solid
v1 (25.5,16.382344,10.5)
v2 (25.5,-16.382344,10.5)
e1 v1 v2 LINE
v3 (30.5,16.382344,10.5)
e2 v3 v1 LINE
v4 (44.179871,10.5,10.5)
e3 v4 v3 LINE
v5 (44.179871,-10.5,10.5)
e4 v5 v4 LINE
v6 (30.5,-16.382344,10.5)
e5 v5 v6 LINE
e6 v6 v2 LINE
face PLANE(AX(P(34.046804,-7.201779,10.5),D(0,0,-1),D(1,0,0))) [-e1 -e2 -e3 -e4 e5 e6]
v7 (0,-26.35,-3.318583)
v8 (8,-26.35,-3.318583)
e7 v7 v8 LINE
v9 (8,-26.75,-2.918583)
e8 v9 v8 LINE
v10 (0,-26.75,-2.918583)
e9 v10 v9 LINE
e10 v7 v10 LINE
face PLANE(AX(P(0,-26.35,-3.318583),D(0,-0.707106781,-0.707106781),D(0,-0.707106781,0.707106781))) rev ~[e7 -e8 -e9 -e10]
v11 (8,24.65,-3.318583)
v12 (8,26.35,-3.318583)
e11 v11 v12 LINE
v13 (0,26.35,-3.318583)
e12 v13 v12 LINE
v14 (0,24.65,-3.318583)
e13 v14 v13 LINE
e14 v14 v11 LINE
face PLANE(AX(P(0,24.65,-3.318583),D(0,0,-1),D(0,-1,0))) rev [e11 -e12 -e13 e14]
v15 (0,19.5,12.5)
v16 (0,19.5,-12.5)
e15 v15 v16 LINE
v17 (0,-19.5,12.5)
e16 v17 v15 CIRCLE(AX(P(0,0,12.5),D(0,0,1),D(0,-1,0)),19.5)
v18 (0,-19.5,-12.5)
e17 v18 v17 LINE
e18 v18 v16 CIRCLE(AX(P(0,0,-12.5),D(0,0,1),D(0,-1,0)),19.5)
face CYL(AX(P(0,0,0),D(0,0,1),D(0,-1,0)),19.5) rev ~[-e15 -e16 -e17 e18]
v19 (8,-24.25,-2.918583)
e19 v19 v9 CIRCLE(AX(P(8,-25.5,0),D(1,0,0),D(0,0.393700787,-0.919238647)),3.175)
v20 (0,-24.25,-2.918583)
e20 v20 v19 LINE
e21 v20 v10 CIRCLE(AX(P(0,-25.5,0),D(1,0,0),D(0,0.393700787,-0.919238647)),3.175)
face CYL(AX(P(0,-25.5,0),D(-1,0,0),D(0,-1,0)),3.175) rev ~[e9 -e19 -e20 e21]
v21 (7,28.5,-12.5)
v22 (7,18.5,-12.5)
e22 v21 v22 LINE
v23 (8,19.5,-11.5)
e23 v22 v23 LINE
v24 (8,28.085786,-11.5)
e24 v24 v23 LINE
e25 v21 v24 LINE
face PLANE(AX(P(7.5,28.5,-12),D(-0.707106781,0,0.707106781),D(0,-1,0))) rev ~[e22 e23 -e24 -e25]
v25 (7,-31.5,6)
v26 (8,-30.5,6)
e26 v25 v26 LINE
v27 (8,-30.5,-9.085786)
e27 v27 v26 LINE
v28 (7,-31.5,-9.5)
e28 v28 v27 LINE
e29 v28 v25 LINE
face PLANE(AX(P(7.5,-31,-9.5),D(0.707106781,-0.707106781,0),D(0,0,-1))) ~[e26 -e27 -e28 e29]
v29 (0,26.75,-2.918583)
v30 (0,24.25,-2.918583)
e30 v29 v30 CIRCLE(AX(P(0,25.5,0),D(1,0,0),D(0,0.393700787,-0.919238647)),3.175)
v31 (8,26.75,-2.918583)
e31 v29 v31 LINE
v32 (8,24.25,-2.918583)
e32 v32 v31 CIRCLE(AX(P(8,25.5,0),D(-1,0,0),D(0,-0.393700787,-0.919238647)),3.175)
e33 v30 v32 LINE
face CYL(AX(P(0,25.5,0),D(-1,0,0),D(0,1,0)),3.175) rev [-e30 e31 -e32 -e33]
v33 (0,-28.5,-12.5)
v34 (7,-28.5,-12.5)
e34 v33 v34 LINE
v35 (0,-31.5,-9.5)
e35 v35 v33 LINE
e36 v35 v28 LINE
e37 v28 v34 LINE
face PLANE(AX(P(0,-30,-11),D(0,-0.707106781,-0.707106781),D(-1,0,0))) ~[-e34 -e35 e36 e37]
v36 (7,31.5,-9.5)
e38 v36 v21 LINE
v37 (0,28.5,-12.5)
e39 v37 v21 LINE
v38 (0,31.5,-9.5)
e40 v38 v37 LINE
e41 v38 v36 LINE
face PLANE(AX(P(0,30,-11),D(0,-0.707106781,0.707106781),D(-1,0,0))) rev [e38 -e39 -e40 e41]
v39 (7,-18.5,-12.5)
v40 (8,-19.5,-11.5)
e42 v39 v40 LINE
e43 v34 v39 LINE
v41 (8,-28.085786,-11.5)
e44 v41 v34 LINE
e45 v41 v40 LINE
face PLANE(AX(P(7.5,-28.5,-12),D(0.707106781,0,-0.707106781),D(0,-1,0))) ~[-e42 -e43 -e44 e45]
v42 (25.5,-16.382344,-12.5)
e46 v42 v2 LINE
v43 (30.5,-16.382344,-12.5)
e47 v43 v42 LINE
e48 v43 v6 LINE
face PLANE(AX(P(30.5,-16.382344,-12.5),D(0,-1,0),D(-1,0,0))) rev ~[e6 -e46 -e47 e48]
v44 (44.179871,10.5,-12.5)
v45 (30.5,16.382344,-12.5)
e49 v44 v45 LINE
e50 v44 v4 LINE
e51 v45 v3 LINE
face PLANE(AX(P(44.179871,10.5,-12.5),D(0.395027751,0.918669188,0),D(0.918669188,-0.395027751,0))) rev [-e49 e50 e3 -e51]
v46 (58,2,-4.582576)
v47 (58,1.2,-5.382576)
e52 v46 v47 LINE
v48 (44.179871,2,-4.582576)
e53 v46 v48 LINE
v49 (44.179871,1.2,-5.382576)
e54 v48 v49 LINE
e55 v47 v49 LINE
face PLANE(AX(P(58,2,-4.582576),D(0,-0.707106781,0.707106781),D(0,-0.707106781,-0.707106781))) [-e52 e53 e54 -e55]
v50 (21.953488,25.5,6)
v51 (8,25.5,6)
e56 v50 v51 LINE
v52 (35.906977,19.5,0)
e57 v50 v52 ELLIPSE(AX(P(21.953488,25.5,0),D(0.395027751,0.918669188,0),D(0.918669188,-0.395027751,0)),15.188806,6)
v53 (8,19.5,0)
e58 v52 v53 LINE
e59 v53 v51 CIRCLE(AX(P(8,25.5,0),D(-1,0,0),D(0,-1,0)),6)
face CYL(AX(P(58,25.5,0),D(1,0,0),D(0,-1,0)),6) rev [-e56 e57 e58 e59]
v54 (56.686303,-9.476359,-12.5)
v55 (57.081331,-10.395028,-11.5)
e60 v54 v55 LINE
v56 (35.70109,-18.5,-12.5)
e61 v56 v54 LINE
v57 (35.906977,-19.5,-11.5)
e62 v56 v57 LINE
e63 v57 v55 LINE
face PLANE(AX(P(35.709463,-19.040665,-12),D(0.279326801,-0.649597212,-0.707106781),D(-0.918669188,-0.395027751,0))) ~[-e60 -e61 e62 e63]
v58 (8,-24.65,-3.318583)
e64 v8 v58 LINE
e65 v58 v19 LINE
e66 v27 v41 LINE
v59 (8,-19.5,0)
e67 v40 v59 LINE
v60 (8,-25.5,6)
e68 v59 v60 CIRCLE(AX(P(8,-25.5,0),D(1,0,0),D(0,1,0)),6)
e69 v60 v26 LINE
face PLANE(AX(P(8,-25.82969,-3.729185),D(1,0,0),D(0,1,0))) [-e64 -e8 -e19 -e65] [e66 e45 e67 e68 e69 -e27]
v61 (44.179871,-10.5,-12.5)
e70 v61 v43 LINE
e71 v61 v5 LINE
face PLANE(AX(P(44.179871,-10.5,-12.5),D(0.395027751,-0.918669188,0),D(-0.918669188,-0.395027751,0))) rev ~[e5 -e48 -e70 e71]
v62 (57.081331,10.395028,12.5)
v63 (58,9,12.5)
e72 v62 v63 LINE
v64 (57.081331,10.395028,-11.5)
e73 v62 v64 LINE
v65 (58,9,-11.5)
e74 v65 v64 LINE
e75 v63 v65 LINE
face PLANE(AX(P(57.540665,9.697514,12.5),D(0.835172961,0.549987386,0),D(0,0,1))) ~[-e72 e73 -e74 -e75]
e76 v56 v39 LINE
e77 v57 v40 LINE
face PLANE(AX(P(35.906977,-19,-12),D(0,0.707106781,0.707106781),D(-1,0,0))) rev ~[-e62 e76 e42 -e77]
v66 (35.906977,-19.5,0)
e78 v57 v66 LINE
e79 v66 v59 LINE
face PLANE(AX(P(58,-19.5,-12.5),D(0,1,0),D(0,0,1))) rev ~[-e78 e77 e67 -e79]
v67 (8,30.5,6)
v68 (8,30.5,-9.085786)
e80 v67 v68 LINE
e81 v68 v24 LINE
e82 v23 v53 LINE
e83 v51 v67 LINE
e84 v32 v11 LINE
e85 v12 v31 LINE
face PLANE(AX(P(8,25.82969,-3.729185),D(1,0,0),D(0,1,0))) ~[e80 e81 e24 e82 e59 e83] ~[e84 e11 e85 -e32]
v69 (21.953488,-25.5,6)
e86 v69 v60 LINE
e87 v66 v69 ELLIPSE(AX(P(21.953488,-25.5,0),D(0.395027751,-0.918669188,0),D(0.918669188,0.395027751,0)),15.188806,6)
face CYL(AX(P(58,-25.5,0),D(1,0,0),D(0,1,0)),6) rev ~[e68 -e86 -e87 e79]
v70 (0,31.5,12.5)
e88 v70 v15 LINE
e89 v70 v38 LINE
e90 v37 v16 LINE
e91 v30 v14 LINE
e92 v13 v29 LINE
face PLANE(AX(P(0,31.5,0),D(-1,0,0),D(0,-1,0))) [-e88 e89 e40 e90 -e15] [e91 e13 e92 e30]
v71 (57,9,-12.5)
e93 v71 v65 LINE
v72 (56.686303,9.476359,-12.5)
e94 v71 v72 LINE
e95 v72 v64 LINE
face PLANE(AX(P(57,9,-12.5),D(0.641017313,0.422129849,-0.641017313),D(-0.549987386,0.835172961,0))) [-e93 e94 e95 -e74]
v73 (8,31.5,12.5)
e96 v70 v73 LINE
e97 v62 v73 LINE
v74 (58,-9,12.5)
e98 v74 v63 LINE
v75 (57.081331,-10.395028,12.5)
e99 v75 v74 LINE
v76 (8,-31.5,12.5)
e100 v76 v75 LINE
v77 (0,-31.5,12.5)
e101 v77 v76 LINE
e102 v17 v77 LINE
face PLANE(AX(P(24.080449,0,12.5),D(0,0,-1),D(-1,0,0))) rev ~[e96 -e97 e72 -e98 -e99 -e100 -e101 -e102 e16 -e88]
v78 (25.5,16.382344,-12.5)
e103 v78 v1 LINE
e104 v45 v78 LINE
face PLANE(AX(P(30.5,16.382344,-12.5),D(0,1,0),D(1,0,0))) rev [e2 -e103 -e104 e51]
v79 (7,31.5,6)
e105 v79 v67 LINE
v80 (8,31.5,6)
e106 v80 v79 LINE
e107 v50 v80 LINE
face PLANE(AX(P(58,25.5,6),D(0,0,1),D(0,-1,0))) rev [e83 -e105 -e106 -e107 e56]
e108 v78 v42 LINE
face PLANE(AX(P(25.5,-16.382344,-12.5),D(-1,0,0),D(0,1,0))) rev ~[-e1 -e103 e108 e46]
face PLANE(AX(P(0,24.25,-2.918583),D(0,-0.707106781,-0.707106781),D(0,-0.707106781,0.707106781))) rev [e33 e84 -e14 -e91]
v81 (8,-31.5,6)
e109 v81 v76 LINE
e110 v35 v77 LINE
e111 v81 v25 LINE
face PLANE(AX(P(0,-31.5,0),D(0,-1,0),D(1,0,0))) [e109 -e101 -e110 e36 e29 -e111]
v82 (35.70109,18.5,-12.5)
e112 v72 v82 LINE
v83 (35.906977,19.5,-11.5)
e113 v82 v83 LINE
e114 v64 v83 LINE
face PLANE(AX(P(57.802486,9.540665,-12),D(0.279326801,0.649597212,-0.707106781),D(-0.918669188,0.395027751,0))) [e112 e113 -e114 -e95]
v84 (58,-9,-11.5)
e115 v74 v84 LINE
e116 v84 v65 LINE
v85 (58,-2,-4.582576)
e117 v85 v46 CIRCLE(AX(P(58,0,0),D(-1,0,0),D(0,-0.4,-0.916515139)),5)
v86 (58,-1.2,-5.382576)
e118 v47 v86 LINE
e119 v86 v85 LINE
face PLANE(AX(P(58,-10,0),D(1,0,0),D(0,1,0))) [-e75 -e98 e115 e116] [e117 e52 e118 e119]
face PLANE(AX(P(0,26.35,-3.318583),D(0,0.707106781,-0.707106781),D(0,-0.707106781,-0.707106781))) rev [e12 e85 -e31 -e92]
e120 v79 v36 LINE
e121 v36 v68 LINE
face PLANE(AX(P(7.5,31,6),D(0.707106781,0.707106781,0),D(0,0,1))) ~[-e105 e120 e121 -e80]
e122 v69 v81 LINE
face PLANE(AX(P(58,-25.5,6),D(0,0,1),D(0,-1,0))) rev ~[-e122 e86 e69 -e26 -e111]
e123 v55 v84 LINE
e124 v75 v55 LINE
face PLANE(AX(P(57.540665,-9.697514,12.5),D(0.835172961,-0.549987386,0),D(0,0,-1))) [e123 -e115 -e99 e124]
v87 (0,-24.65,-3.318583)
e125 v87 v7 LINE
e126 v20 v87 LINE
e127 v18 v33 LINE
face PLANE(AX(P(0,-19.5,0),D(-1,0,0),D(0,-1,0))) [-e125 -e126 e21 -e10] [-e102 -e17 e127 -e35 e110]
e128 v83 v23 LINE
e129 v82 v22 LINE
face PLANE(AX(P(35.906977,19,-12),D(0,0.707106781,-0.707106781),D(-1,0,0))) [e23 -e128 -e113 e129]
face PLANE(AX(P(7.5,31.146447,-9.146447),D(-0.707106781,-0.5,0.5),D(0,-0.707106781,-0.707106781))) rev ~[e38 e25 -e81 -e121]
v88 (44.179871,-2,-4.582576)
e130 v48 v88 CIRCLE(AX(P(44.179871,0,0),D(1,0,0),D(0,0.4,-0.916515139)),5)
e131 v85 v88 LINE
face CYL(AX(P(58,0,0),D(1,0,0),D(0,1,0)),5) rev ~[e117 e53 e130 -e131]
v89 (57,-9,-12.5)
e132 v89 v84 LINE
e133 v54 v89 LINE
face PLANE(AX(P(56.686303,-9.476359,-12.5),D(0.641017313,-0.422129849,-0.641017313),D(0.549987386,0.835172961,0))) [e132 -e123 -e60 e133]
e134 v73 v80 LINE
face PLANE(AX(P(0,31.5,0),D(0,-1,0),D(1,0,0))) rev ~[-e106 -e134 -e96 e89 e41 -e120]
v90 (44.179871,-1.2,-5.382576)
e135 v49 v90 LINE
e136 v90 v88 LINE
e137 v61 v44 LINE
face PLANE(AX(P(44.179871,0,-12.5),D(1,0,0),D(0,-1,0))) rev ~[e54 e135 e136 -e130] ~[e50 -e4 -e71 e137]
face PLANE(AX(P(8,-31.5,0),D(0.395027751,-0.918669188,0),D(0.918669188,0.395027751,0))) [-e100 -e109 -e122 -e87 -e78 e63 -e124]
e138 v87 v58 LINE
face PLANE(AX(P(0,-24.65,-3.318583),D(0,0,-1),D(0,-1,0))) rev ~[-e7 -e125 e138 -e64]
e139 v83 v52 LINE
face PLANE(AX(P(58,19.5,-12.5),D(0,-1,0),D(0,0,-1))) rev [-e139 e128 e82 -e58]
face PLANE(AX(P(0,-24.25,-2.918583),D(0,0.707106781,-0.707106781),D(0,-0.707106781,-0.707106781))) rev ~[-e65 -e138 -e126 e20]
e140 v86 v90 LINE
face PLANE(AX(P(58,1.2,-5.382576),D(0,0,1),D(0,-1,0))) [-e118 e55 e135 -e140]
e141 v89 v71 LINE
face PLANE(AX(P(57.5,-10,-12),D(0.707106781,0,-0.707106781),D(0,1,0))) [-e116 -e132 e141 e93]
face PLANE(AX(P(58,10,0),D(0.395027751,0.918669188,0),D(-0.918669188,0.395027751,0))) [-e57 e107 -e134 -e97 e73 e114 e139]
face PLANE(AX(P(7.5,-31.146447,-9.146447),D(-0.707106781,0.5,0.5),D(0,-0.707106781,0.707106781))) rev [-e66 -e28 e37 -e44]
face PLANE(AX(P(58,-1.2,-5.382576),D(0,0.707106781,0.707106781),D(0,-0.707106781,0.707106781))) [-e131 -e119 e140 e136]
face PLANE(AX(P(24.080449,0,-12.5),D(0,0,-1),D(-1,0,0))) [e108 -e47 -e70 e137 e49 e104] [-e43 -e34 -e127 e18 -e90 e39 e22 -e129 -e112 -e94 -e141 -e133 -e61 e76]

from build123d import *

# Parameters (mm, degrees)
PAD002_DEPTH    = 12.5
POCKET_DEPTH    = 23
SKETCH006_R     = 5
POCKET001_DEPTH = 13.8201293065
SKETCH007_R     = 3.175
POCKET002_DEPTH = 236.4162459853
POCKET003_DEPTH = 50
POCKET004_DEPTH = 236.4162459853
POCKET005_DEPTH = 13.8201293065
CHAMFER_SIZE    = 3
CHAMFER001_SIZE = 1


with BuildPart() as part:
    # Sketch004 → Pad002 (new body, symmetric)
    with BuildSketch(Plane.XY):
        with BuildLine():
            ThreePointArc((0, -19.5), (19.5, 0), (0, 19.5))
            Line((0, 31.5), (0, 19.5))
            Line((0, 31.5), (8, 31.5))
            Line((58, 10), (8, 31.5))
            Line((58, -10), (58, 10))
            Line((8, -31.5), (58, -10))
            Line((0, -31.5), (8, -31.5))
            Line((0, -19.5), (0, -31.5))
        make_face()
    extrude(amount=PAD002_DEPTH, both=True)

    # Sketch005 (on Face9 of Pad002) → Pocket (cut)
    with BuildSketch(Plane(origin=(0, 0, -12.5), x_dir=(1, 0, 0), z_dir=(0, 0, -1))):
        Polygon((44.1798706935, 0), (44.1798706935, 10.5), (30.5, 16.3823443982), (25.5, 16.3823443982), (25.5, 0), align=None)
    pocket = extrude(amount=-POCKET_DEPTH, mode=Mode.SUBTRACT)

    # Mirrored: Pocket across Sketch005 H_Axis
    add(pocket.mirror(Plane(origin=(0, 0, -12.5), x_dir=(0, 0, -1), z_dir=(0, -1, 0))), mode=Mode.SUBTRACT)

    # Sketch006 (on Face9 of Mirrored) → Pocket001 (cut)
    with BuildSketch(Plane.YZ.offset(58)):
        Circle(SKETCH006_R)
    extrude(amount=-POCKET001_DEPTH, mode=Mode.SUBTRACT)

    # Sketch007 (on Face1 of Pocket001) → Pocket002 (cut, through all)
    with BuildSketch(Plane(origin=(0, 0, 0), x_dir=(0, -1, 0), z_dir=(-1, 0, 0))):
        with Locations((25.5, 0)):
            Circle(SKETCH007_R)
    pocket002 = extrude(amount=-POCKET002_DEPTH, mode=Mode.SUBTRACT)

    # Mirrored001: Pocket002 across Sketch007 V_Axis
    add(pocket002.mirror(Plane(origin=(0, 0, 0), x_dir=(-1, 0, 0), z_dir=(0, -1, 0))), mode=Mode.SUBTRACT)

    # Sketch008 (on Face10 of Mirrored001) → Pocket003 (cut)
    with BuildSketch(Plane.YZ.offset(58)):
        with BuildLine():
            ThreePointArc((-19.5, 0), (-21.2573593129, 4.2426406871), (-25.5, 6))
            Line((-25.5, 6), (-31.5, 6))
            Line((-31.5, 6), (-31.5, -12.5))
            Line((-31.5, -12.5), (-19.5, -12.5))
            Line((-19.5, -12.5), (-19.5, 0))
        make_face()
    pocket003 = extrude(amount=-POCKET003_DEPTH, mode=Mode.SUBTRACT)

    # Mirrored002: Pocket003 across Sketch008 V_Axis
    add(pocket003.mirror(Plane(origin=(58, 0, 0), x_dir=(1, 0, 0), z_dir=(0, 1, 0))), mode=Mode.SUBTRACT)

    # Sketch009 (on Face1 of Mirrored002) → Pocket004 (cut, through all)
    with BuildSketch(Plane(origin=(0, 0, 0), x_dir=(0, -1, 0), z_dir=(-1, 0, 0))):
        Polygon((24.25, -2.918582704), (24.65, -3.318582704), (26.35, -3.318582704), (26.75, -2.918582704), align=None)
    pocket004 = extrude(amount=-POCKET004_DEPTH, mode=Mode.SUBTRACT)

    # Mirrored003: Pocket004 across Sketch009 V_Axis
    add(pocket004.mirror(Plane(origin=(0, 0, 0), x_dir=(-1, 0, 0), z_dir=(0, -1, 0))), mode=Mode.SUBTRACT)

    # Sketch010 (on Face16 of Mirrored003) → Pocket005 (cut)
    with BuildSketch(Plane.YZ.offset(58)):
        Polygon((-2, -4.582575695), (2, -4.582575695), (1.2, -5.382575695), (-1.2, -5.382575695), align=None)
    extrude(amount=-POCKET005_DEPTH, mode=Mode.SUBTRACT)

    # Chamfer
    chamfer_edges = [part.edges().sort_by_distance(p)[0] for p in [
        (4, -31.5, -12.5),
        (4, 31.5, -12.5),
    ]]
    chamfer(chamfer_edges, length=CHAMFER_SIZE)

    # Chamfer001
    chamfer001_edges = [part.edges().sort_by_distance(p)[0] for p in [
        (21.953488, -19.5, -12.5),
        (8, -24, -12.5),
        (8, -30, -11),
        (8, -31.5, -1.75),
        (46.953488, -14.75, -12.5),
        (58, 0, -12.5),
        (46.953488, 14.75, -12.5),
        (21.953488, 19.5, -12.5),
        (8, 24, -12.5),
        (8, 30, -11),
        (8, 31.5, -1.75),
        (58, -10, 0),
        (58, 10, 0),
    ]]
    chamfer(chamfer001_edges, length=CHAMFER001_SIZE)


solid = part.part
